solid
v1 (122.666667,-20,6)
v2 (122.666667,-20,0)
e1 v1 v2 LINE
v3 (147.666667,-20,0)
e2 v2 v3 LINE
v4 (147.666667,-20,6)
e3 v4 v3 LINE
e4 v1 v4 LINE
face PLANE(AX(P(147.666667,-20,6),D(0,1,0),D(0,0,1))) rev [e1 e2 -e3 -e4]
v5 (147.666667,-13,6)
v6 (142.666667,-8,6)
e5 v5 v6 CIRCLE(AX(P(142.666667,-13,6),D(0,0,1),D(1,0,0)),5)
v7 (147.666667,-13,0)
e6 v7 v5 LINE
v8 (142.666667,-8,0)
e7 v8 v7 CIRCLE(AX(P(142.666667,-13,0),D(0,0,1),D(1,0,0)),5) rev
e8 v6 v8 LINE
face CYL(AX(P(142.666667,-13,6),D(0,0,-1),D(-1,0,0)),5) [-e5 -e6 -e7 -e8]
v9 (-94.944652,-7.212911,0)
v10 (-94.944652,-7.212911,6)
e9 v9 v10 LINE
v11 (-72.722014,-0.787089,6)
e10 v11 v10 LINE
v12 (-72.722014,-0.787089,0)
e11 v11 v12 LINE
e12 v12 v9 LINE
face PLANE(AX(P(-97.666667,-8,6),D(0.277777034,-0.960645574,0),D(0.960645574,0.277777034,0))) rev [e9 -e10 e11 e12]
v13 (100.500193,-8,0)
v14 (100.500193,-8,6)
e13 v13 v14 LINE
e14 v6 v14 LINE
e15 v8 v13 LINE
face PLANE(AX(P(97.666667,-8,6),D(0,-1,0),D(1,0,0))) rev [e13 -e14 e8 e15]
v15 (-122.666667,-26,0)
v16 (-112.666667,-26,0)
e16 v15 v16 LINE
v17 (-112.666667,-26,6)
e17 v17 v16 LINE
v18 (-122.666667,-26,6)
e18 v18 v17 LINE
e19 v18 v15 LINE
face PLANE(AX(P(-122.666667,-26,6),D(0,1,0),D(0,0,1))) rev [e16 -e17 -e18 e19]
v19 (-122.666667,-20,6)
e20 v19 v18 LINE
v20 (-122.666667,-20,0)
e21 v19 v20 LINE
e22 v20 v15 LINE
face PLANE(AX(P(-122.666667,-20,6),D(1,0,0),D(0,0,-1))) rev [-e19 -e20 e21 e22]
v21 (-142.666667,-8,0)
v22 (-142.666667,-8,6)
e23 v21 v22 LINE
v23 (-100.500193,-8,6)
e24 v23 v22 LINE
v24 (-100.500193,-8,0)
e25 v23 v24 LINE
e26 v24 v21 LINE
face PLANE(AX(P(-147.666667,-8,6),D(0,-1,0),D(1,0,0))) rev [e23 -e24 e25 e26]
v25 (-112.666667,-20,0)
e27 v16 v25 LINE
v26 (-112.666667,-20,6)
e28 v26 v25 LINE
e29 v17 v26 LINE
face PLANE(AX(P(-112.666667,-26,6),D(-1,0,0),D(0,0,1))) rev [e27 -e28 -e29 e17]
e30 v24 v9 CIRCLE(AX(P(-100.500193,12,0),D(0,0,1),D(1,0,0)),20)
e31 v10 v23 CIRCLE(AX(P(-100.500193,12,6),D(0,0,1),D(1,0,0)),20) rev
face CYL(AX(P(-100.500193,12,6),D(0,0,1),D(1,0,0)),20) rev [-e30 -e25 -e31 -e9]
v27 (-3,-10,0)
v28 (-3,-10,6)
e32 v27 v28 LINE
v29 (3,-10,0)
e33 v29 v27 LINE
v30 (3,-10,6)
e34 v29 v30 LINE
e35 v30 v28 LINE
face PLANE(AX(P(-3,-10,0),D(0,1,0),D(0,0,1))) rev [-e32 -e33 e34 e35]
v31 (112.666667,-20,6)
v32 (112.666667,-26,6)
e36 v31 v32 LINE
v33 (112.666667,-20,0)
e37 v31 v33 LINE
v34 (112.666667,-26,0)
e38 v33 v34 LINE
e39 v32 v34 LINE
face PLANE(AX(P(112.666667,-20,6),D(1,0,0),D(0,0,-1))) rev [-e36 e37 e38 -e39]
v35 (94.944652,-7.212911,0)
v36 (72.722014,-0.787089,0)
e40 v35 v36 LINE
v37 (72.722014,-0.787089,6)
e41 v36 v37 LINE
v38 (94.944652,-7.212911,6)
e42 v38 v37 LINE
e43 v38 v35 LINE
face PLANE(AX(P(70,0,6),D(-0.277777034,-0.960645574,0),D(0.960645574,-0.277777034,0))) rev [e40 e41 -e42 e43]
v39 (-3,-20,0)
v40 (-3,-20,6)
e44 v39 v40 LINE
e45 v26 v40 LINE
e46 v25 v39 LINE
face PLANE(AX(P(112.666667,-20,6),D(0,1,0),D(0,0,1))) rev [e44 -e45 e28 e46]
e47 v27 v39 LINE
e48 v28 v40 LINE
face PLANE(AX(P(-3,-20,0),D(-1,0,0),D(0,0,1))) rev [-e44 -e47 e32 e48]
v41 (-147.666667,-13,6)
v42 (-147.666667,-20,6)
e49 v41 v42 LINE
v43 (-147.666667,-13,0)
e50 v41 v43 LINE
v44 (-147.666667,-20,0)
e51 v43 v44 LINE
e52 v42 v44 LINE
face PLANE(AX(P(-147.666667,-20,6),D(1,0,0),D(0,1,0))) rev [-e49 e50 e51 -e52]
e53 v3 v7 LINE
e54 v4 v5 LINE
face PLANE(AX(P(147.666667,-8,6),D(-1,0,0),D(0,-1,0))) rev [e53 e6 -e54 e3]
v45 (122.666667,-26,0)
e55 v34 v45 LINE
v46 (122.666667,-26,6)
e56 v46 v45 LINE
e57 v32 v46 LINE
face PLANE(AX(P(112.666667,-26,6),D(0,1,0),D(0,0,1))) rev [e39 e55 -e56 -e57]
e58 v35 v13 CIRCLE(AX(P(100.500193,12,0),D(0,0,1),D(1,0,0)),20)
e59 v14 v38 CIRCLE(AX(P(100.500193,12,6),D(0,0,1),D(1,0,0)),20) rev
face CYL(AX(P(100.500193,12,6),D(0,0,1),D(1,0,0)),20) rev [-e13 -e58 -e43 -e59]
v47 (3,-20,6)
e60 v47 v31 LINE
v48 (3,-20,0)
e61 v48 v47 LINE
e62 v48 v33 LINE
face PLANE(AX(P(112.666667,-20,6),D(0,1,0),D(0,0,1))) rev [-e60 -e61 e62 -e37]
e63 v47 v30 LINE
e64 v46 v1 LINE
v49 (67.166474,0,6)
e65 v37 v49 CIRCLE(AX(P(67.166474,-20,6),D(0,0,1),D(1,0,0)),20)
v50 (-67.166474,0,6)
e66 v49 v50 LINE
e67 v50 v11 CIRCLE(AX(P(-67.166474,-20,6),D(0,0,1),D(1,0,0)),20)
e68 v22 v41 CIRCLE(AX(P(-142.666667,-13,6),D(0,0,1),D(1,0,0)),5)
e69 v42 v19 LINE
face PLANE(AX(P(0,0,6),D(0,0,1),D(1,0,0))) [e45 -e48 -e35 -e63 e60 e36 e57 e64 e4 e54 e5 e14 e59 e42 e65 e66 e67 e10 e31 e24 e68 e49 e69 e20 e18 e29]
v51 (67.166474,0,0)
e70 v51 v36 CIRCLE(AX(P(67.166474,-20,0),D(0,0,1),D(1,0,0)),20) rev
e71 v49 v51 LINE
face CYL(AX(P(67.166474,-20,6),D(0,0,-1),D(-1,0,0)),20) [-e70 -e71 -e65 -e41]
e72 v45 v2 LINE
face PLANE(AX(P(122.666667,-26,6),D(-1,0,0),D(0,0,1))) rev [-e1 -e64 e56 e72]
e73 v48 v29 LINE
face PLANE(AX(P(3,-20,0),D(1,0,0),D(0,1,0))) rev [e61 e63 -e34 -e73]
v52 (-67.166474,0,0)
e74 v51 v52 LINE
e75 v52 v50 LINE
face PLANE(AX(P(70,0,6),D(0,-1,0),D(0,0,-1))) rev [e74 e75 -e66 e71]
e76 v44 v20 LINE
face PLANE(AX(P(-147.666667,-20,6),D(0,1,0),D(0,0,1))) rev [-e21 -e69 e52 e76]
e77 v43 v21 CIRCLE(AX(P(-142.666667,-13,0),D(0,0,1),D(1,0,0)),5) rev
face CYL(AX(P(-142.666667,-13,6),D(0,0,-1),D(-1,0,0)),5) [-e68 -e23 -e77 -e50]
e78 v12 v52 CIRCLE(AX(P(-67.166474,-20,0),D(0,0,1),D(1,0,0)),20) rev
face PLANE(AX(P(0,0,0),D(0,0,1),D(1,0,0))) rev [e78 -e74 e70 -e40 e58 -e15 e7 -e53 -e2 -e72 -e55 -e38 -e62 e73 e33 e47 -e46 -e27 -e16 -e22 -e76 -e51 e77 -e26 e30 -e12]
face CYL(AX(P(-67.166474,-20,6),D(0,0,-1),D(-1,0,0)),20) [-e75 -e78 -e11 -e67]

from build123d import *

# Parameters (mm, degrees)
BOSS_EXTRUDE1_DEPTH     = 6
FILLET1_R               = 5
FILLET2_R               = 20
SKETCH2_W               = 6
SKETCH2_H               = 10
CUT_EXTRUDE1_DEPTH      = 1
CUT_EXTRUDE1_DEPTH_BACK = 7


with BuildPart() as part:
    # Sketch1 → Boss-Extrude1 (new body)
    with BuildSketch(Plane.XY):
        Polygon((70, 0), (-70, 0), (-97.66666667, -8), (-147.66666667, -8), (-147.66666667, -20), (-122.66666667, -20), (-122.66666667, -26), (-112.66666667, -26), (-112.66666667, -20), (112.66666667, -20), (112.66666667, -26), (122.66666667, -26), (122.66666667, -20), (147.66666667, -20), (147.66666667, -8), (97.66666667, -8), align=None)
    extrude(amount=BOSS_EXTRUDE1_DEPTH)

    # Fillet1
    fillet1_edges = [part.edges().sort_by_distance(p)[0] for p in [
        (-147.66666667, -8, 3),
        (147.66666667, -8, 3),
    ]]
    fillet(fillet1_edges, radius=FILLET1_R)

    # Fillet2
    fillet2_edges = [part.edges().sort_by_distance(p)[0] for p in [
        (-97.66666667, -8, 3),
        (-70, 0, 3),
        (70, 0, 3),
        (97.66666667, -8, 3),
    ]]
    fillet(fillet2_edges, radius=FILLET2_R)

    # Sketch2 → Cut-Extrude1 (cut, two sides)
    with BuildSketch(Plane.XY.offset(6)) as cut_extrude1_sk:
        with Locations((0, -15)):
            Rectangle(SKETCH2_W, SKETCH2_H)
    extrude(amount=CUT_EXTRUDE1_DEPTH, mode=Mode.SUBTRACT)
    extrude(cut_extrude1_sk.sketch, amount=-CUT_EXTRUDE1_DEPTH_BACK, mode=Mode.SUBTRACT)


solid = part.part
